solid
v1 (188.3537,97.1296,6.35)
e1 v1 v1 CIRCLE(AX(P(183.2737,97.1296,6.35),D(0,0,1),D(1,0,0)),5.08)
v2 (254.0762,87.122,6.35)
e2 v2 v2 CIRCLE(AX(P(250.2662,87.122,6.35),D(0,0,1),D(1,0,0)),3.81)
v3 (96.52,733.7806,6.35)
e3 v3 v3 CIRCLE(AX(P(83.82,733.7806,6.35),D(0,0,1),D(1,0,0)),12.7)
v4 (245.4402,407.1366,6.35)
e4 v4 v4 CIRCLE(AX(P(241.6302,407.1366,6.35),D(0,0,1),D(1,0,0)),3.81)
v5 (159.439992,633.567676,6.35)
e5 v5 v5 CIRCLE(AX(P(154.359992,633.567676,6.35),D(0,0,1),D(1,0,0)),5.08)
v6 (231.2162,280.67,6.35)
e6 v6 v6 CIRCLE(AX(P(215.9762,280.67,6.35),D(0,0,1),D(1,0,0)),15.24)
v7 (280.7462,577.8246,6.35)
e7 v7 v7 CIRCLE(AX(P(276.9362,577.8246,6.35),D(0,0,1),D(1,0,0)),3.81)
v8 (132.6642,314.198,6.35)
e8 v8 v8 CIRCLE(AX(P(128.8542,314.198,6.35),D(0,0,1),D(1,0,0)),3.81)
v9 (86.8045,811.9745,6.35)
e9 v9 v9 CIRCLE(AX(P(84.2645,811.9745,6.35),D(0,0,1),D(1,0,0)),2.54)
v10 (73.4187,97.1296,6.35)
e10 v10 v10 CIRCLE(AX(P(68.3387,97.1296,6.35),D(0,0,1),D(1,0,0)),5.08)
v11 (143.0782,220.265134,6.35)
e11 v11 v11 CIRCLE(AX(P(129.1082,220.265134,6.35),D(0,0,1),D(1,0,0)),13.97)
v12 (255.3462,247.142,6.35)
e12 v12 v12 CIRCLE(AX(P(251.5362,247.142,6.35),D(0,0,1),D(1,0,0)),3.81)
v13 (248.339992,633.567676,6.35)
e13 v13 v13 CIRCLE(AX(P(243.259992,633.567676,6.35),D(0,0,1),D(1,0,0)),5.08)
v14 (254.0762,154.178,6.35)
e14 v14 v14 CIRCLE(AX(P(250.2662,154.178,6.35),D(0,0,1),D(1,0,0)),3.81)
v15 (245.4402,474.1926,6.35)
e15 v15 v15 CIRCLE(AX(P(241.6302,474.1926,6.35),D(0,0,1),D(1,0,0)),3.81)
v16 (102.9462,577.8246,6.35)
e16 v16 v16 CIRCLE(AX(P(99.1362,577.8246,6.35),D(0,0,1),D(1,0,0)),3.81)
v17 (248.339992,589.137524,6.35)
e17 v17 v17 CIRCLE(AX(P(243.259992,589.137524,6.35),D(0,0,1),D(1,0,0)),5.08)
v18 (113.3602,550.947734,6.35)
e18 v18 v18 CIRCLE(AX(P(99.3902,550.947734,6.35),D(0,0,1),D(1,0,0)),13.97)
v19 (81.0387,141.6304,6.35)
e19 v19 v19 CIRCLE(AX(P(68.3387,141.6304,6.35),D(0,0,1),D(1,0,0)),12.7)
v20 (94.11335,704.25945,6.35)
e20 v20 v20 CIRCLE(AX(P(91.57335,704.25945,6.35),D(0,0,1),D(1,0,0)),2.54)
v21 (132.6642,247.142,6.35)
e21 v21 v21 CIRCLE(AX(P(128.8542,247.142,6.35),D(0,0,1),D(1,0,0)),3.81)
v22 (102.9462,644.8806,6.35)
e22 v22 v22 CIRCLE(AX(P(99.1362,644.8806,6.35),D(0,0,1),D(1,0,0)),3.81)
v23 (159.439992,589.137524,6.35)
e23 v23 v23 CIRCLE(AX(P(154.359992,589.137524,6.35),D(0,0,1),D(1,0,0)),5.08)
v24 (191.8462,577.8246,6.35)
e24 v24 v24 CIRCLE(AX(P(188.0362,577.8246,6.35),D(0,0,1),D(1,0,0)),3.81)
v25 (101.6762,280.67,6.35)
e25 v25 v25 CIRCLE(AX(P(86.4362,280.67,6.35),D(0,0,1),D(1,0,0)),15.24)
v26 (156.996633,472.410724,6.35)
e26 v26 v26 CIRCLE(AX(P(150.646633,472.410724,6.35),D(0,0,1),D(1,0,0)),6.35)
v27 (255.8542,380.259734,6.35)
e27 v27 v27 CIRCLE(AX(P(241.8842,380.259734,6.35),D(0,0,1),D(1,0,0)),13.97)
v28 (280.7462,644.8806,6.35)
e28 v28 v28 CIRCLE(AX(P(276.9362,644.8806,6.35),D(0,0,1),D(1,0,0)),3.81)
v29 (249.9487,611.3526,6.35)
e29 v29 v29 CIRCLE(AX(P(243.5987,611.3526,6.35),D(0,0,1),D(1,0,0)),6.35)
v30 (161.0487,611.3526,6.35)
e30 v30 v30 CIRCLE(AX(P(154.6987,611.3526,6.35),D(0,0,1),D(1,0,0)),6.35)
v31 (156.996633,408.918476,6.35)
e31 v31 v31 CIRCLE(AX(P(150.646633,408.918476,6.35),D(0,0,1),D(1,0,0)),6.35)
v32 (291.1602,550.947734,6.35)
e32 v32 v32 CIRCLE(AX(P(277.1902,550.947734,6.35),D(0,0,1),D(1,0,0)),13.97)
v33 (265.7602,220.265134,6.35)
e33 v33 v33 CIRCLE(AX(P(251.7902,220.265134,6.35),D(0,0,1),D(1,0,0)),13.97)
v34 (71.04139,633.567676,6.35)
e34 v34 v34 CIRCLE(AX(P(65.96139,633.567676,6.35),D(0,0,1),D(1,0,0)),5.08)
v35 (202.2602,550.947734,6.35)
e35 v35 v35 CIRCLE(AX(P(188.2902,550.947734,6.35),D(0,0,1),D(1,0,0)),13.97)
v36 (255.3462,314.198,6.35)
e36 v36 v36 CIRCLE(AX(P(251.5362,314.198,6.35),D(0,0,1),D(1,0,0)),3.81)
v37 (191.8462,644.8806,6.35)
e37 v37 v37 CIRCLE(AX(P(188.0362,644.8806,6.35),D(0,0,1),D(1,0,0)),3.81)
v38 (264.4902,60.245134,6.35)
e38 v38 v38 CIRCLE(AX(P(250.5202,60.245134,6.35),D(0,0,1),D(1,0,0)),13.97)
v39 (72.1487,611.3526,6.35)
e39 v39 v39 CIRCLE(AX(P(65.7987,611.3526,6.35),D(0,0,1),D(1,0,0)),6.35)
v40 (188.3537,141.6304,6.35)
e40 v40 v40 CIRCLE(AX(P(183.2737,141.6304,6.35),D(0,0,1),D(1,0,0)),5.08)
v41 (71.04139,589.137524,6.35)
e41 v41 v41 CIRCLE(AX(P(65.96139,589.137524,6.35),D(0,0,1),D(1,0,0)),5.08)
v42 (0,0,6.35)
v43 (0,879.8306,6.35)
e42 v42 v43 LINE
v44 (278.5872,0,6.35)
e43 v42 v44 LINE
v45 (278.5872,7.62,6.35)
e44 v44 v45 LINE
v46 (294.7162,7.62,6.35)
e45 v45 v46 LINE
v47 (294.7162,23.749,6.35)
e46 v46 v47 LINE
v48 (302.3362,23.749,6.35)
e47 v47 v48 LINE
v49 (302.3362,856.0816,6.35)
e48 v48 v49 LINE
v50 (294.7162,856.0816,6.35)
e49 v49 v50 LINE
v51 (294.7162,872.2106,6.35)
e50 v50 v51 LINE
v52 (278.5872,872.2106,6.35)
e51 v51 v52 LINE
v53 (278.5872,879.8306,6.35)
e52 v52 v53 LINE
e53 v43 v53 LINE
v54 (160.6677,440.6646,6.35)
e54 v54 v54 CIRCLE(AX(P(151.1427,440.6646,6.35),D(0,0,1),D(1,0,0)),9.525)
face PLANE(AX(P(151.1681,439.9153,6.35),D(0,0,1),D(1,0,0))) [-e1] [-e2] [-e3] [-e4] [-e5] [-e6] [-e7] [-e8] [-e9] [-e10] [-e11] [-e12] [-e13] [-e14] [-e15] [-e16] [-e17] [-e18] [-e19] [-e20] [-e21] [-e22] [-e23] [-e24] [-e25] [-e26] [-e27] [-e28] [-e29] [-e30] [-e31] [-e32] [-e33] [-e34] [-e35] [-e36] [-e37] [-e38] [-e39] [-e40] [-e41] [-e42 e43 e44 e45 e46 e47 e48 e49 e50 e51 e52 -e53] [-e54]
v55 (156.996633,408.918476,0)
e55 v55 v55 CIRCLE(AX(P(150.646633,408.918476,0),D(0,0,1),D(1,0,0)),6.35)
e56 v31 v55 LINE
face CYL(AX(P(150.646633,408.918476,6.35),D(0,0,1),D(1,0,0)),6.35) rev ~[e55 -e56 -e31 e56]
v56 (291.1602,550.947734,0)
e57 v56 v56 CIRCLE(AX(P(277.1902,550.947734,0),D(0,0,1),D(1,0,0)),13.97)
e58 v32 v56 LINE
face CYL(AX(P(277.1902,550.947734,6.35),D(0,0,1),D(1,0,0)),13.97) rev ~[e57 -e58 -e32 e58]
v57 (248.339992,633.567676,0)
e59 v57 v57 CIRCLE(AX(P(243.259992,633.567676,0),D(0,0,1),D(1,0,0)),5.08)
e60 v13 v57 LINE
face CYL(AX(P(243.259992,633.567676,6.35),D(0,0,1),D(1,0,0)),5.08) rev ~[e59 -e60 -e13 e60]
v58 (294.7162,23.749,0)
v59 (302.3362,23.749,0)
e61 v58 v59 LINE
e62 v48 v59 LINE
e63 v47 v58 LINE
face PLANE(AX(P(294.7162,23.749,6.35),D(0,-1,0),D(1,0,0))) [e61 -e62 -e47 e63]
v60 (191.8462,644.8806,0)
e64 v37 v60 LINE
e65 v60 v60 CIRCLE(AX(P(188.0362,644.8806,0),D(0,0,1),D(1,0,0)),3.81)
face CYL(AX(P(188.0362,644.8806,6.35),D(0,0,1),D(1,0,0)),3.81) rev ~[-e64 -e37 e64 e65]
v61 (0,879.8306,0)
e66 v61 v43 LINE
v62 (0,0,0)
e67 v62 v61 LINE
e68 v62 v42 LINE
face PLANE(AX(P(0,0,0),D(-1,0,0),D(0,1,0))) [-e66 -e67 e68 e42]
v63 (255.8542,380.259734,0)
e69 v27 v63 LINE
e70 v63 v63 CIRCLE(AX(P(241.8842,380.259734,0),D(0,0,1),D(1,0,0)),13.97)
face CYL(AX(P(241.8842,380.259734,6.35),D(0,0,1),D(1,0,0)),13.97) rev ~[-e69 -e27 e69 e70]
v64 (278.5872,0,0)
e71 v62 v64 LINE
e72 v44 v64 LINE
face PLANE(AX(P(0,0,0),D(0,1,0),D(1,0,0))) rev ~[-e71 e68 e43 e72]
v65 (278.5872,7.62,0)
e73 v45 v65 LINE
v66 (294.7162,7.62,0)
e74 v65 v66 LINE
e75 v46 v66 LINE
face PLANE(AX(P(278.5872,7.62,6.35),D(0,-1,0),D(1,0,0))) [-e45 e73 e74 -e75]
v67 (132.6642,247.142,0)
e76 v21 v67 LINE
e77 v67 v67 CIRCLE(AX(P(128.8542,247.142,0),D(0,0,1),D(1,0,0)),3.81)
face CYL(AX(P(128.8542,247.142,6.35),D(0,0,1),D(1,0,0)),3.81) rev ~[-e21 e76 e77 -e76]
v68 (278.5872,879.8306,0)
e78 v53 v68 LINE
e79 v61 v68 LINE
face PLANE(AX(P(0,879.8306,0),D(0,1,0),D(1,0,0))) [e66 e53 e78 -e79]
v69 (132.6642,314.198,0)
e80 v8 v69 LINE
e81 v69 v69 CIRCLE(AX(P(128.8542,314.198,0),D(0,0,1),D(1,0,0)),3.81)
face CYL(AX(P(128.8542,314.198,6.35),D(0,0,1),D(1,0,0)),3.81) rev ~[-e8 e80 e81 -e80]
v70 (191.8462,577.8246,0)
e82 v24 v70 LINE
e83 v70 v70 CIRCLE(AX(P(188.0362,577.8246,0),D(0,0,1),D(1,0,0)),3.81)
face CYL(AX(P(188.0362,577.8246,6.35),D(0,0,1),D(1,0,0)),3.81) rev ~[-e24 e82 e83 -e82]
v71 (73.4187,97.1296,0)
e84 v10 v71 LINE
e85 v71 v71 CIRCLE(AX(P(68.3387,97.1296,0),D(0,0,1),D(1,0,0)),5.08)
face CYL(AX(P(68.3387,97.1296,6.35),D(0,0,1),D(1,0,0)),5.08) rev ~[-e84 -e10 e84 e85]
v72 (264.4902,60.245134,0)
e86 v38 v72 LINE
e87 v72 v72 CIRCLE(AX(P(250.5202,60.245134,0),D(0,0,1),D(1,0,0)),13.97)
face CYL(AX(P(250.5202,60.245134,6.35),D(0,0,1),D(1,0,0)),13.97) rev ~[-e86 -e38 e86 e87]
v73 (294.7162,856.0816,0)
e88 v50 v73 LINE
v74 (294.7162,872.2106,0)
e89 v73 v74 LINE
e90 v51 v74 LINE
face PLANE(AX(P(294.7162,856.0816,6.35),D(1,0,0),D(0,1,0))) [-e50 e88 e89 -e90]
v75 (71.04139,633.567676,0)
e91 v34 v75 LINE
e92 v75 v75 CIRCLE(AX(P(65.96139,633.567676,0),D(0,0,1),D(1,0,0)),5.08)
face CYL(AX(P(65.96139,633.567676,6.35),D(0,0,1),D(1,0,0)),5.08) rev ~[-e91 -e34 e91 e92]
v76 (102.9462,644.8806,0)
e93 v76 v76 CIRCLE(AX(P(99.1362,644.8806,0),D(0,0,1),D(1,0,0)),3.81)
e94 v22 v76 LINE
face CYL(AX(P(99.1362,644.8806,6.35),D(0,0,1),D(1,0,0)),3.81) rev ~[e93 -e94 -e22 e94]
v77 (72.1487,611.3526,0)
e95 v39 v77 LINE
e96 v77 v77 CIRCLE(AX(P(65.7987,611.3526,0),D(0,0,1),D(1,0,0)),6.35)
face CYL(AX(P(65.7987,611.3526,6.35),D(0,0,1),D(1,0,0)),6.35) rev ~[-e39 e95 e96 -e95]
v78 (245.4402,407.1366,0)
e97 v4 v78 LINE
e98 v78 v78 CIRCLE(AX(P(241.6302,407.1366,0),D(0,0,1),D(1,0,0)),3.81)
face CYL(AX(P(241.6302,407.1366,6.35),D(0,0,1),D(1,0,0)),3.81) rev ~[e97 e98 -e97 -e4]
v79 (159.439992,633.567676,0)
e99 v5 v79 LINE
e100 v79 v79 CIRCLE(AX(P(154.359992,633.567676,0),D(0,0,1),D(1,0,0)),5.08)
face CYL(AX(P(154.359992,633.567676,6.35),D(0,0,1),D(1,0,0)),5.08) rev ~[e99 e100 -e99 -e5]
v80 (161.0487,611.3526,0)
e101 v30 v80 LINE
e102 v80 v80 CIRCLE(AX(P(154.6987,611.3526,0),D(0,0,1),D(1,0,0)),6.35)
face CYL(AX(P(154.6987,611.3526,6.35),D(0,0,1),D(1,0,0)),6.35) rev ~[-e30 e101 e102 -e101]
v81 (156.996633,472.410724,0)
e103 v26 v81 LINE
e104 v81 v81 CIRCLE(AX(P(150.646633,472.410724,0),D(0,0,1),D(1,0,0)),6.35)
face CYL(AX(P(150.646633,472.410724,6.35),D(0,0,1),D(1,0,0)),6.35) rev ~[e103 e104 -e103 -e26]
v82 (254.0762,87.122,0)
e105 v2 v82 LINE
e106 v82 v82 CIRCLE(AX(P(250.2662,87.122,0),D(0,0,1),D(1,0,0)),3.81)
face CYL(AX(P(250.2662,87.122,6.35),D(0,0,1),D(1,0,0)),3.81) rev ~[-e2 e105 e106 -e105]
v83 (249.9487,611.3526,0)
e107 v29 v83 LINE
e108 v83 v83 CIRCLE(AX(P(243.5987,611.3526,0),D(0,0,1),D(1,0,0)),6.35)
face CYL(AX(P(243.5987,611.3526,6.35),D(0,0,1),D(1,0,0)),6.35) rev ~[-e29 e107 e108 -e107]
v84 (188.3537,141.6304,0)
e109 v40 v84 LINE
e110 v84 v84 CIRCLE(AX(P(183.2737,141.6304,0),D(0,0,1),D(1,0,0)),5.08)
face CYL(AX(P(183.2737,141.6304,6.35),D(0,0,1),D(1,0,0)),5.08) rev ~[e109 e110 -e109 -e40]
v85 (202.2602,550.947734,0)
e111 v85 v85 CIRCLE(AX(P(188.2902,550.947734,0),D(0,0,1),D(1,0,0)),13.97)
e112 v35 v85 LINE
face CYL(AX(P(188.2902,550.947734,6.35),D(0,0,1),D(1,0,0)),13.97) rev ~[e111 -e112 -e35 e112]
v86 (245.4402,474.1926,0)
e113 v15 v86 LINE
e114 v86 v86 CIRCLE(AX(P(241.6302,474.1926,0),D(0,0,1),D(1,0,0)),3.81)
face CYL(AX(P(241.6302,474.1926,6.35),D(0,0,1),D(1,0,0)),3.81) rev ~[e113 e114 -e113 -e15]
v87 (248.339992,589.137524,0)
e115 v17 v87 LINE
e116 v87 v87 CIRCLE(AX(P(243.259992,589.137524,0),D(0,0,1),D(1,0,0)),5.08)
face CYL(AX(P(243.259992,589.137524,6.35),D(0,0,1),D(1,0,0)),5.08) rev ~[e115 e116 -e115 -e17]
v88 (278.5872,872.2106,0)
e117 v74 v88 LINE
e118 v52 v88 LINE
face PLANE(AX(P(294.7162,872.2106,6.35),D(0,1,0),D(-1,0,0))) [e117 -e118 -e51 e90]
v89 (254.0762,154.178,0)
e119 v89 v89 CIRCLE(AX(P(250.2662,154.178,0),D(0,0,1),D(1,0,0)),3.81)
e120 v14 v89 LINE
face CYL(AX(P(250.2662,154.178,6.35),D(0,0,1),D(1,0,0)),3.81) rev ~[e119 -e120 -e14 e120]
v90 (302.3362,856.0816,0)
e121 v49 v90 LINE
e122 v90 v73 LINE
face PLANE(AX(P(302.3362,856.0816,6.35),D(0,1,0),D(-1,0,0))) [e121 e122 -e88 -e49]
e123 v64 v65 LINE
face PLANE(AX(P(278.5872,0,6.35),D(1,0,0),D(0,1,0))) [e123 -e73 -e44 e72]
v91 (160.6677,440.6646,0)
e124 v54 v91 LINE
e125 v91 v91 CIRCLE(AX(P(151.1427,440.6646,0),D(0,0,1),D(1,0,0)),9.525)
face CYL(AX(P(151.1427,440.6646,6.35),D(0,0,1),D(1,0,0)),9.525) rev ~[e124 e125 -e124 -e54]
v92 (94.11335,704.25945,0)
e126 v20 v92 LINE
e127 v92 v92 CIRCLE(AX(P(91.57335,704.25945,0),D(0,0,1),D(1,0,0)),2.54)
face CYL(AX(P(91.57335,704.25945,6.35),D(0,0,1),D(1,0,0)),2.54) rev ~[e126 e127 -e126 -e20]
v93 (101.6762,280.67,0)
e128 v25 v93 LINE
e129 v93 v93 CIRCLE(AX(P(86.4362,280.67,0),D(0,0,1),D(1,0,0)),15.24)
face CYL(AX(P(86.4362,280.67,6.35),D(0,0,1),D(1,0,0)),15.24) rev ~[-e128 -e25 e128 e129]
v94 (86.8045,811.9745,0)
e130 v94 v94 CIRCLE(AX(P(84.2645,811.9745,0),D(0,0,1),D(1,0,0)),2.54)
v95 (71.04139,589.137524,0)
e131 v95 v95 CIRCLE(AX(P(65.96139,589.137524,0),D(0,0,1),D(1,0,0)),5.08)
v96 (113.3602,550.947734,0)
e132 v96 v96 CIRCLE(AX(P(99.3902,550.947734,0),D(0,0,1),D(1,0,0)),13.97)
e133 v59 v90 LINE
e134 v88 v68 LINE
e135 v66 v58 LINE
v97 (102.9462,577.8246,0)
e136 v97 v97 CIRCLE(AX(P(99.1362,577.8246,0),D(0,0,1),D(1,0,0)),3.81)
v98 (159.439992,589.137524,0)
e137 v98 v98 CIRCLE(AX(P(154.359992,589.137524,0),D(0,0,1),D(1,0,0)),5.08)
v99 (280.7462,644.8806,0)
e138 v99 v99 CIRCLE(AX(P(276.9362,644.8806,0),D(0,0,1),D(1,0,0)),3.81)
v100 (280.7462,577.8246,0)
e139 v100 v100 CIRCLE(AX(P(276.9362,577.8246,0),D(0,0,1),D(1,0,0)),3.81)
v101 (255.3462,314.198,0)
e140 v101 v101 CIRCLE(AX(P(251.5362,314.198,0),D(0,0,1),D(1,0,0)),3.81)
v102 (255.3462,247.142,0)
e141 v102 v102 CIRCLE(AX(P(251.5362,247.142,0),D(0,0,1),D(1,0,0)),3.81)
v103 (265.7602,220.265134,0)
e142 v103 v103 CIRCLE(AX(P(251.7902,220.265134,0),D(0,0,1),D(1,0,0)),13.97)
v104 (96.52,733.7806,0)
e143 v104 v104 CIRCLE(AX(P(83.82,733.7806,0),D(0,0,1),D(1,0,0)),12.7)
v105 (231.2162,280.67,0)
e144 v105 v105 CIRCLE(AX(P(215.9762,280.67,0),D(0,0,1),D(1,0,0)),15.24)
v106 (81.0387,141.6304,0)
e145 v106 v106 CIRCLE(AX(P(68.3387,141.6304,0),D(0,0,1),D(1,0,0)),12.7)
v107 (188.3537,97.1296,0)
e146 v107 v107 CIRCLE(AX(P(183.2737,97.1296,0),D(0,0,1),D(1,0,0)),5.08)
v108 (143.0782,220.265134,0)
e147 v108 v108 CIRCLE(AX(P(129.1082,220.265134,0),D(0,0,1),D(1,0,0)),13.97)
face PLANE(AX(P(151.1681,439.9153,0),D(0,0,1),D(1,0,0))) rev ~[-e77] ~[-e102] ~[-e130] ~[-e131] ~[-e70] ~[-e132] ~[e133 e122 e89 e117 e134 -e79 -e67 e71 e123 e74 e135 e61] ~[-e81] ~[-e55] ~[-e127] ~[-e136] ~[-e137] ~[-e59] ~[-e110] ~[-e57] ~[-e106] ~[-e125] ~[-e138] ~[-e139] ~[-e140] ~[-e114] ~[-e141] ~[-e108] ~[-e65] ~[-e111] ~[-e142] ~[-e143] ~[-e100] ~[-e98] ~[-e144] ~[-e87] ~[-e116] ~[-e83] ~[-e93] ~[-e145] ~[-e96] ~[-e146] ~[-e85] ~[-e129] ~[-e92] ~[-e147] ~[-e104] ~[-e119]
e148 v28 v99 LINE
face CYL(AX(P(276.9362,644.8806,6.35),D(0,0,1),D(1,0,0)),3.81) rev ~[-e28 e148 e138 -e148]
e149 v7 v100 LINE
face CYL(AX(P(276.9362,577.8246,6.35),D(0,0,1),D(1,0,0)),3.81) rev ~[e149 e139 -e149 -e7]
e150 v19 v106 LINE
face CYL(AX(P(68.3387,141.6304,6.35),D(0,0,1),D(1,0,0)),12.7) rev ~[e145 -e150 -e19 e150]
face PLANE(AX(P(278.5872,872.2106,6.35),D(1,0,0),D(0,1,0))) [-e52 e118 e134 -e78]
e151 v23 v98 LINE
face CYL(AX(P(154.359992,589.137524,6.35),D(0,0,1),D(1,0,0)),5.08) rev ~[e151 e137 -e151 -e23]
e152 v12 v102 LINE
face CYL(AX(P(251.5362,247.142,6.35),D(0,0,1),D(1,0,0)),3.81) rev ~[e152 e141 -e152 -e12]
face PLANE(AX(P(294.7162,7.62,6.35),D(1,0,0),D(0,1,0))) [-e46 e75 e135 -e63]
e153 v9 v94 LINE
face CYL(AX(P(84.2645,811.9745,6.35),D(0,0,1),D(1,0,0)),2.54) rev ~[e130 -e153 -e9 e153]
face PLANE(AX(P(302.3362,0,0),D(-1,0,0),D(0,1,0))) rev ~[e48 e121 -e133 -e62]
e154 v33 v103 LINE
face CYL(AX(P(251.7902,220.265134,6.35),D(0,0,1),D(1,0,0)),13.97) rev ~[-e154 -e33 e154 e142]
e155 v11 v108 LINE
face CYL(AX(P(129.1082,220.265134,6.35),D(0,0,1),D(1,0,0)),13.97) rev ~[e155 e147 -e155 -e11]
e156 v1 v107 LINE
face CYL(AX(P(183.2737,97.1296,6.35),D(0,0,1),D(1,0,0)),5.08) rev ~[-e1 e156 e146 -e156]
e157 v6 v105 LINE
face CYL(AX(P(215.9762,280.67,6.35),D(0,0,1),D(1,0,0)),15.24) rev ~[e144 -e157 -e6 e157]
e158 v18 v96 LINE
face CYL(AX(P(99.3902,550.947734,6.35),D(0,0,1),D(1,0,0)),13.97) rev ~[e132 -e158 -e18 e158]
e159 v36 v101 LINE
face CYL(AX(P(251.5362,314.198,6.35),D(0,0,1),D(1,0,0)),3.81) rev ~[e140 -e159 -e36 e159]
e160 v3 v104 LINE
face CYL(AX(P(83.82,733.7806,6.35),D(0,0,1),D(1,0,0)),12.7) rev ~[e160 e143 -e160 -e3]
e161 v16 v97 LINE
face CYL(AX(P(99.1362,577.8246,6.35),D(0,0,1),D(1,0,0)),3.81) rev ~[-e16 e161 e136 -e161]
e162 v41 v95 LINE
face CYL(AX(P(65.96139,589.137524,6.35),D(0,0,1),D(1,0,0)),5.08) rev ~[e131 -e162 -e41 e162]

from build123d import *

# Parameters (mm, degrees)
SKETCH1_W           = 302.3362
SKETCH1_H           = 879.8306
BOSS_EXTRUDE1_DEPTH = 6.35
SKETCH2_R           = 5.08
SKETCH2_R_2         = 12.7
CUT_EXTRUDE1_DEPTH  = 931.349066226
SKETCH3_R           = 3.81
CUT_EXTRUDE2_DEPTH  = 931.349066226
SKETCH4_R           = 15.24
CUT_EXTRUDE3_DEPTH  = 931.349066226
SKETCH5_R           = 13.97
CUT_EXTRUDE4_DEPTH  = 931.349066226
SKETCH6_R           = 9.525
SKETCH6_R_2         = 6.35
CUT_EXTRUDE5_DEPTH  = 931.349066226
SKETCH7_R           = 6.35
SKETCH7_R_2         = 5.08
CUT_EXTRUDE6_DEPTH  = 931.349066226
SKETCH8_R           = 2.54
CUT_EXTRUDE7_DEPTH  = 931.349066226
SKETCH9_R           = 12.7
CUT_EXTRUDE8_DEPTH  = 931.349066226


with BuildPart() as part:
    # Sketch1 → Boss-Extrude1 (new body)
    with BuildSketch(Plane.XY):
        with Locations((151.1681, 439.9153)):
            Rectangle(SKETCH1_W, SKETCH1_H)
    extrude(amount=BOSS_EXTRUDE1_DEPTH)

    # Sketch2 → Cut-Extrude1 (cut, through all)
    with BuildSketch(Plane.XY.offset(6.35)):
        with Locations((68.3387, 97.1296)):
            Circle(SKETCH2_R)
        with Locations((68.3387, 141.6304)):
            Circle(SKETCH2_R_2)
        with Locations((183.2737, 97.1296)):
            Circle(SKETCH2_R)
        with Locations((183.2737, 141.6304)):
            Circle(SKETCH2_R)
    extrude(amount=-CUT_EXTRUDE1_DEPTH, mode=Mode.SUBTRACT)

    # Sketch3 → Cut-Extrude2 (cut, through all)
    with BuildSketch(Plane.XY.offset(6.35)):
        with Locations((250.2662, 87.122)):
            Circle(SKETCH3_R)
        with Locations((250.2662, 154.178)):
            Circle(SKETCH3_R)
        with Locations((251.5362, 247.142)):
            Circle(SKETCH3_R)
        with Locations((251.5362, 314.198)):
            Circle(SKETCH3_R)
        with Locations((128.8542, 247.142)):
            Circle(SKETCH3_R)
        with Locations((128.8542, 314.198)):
            Circle(SKETCH3_R)
        with Locations((241.6302, 407.1366)):
            Circle(SKETCH3_R)
        with Locations((241.6302, 474.1926)):
            Circle(SKETCH3_R)
        with Locations((276.9362, 577.8246)):
            Circle(SKETCH3_R)
        with Locations((276.9362, 644.8806)):
            Circle(SKETCH3_R)
        with Locations((188.0362, 577.8246)):
            Circle(SKETCH3_R)
        with Locations((188.0362, 644.8806)):
            Circle(SKETCH3_R)
        with Locations((99.1362, 577.8246)):
            Circle(SKETCH3_R)
        with Locations((99.1362, 644.8806)):
            Circle(SKETCH3_R)
    extrude(amount=-CUT_EXTRUDE2_DEPTH, mode=Mode.SUBTRACT)

    # Sketch4 → Cut-Extrude3 (cut, through all)
    with BuildSketch(Plane.XY.offset(6.35)):
        with Locations((86.4362, 280.67)):
            Circle(SKETCH4_R)
        with Locations((215.9762, 280.67)):
            Circle(SKETCH4_R)
    extrude(amount=-CUT_EXTRUDE3_DEPTH, mode=Mode.SUBTRACT)

    # Sketch5 → Cut-Extrude4 (cut, through all)
    with BuildSketch(Plane.XY.offset(6.35)):
        with Locations((250.5202, 60.245134418)):
            Circle(SKETCH5_R)
        with Locations((251.7902, 220.265134418)):
            Circle(SKETCH5_R)
        with Locations((129.1082, 220.265134418)):
            Circle(SKETCH5_R)
        with Locations((241.8842, 380.259734418)):
            Circle(SKETCH5_R)
        with Locations((277.1902, 550.947734418)):
            Circle(SKETCH5_R)
        with Locations((188.2902, 550.947734418)):
            Circle(SKETCH5_R)
        with Locations((99.3902, 550.947734418)):
            Circle(SKETCH5_R)
    extrude(amount=-CUT_EXTRUDE4_DEPTH, mode=Mode.SUBTRACT)

    # Sketch6 → Cut-Extrude5 (cut, through all)
    with BuildSketch(Plane.XY.offset(6.35)):
        with Locations((151.1427, 440.6646)):
            Circle(SKETCH6_R)
        with Locations((243.5987, 611.3526)):
            Circle(SKETCH6_R_2)
        with Locations((154.6987, 611.3526)):
            Circle(SKETCH6_R_2)
        with Locations((65.7987, 611.3526)):
            Circle(SKETCH6_R_2)
    extrude(amount=-CUT_EXTRUDE5_DEPTH, mode=Mode.SUBTRACT)

    # Sketch7 → Cut-Extrude6 (cut, through all)
    with BuildSketch(Plane.XY.offset(6.35)):
        with Locations((150.646633261, 408.918475547)):
            Circle(SKETCH7_R)
        with Locations((150.646633261, 472.410724453)):
            Circle(SKETCH7_R)
        with Locations((65.961389674, 589.137523749)):
            Circle(SKETCH7_R_2)
        with Locations((65.961389674, 633.567676251)):
            Circle(SKETCH7_R_2)
        with Locations((154.359991886, 589.137523749)):
            Circle(SKETCH7_R_2)
        with Locations((154.359991886, 633.567676251)):
            Circle(SKETCH7_R_2)
        with Locations((243.259991886, 589.137523749)):
            Circle(SKETCH7_R_2)
        with Locations((243.259991886, 633.567676251)):
            Circle(SKETCH7_R_2)
    extrude(amount=-CUT_EXTRUDE6_DEPTH, mode=Mode.SUBTRACT)

    # Sketch8 → Cut-Extrude7 (cut, through all)
    with BuildSketch(Plane.XY.offset(6.35)):
        with Locations((84.2645, 811.9745)):
            Circle(SKETCH8_R)
        with Locations((91.57335, 704.25945)):
            Circle(SKETCH8_R)
    extrude(amount=-CUT_EXTRUDE7_DEPTH, mode=Mode.SUBTRACT)

    # Sketch9 → Cut-Extrude8 (cut, through all)
    with BuildSketch(Plane.XY.offset(6.35)):
        with Locations((83.82, 733.7806)):
            Circle(SKETCH9_R)
        Polygon((278.5872, 0), (278.5872, 7.62), (294.7162, 7.62), (294.7162, 23.749), (302.3362, 23.749), (302.3362, 0), align=None)
        Polygon((302.3362, 879.8306), (302.3362, 856.0816), (294.7162, 856.0816), (294.7162, 872.2106), (278.5872, 872.2106), (278.5872, 879.8306), align=None)
    extrude(amount=-CUT_EXTRUDE8_DEPTH, mode=Mode.SUBTRACT)


solid = part.part
